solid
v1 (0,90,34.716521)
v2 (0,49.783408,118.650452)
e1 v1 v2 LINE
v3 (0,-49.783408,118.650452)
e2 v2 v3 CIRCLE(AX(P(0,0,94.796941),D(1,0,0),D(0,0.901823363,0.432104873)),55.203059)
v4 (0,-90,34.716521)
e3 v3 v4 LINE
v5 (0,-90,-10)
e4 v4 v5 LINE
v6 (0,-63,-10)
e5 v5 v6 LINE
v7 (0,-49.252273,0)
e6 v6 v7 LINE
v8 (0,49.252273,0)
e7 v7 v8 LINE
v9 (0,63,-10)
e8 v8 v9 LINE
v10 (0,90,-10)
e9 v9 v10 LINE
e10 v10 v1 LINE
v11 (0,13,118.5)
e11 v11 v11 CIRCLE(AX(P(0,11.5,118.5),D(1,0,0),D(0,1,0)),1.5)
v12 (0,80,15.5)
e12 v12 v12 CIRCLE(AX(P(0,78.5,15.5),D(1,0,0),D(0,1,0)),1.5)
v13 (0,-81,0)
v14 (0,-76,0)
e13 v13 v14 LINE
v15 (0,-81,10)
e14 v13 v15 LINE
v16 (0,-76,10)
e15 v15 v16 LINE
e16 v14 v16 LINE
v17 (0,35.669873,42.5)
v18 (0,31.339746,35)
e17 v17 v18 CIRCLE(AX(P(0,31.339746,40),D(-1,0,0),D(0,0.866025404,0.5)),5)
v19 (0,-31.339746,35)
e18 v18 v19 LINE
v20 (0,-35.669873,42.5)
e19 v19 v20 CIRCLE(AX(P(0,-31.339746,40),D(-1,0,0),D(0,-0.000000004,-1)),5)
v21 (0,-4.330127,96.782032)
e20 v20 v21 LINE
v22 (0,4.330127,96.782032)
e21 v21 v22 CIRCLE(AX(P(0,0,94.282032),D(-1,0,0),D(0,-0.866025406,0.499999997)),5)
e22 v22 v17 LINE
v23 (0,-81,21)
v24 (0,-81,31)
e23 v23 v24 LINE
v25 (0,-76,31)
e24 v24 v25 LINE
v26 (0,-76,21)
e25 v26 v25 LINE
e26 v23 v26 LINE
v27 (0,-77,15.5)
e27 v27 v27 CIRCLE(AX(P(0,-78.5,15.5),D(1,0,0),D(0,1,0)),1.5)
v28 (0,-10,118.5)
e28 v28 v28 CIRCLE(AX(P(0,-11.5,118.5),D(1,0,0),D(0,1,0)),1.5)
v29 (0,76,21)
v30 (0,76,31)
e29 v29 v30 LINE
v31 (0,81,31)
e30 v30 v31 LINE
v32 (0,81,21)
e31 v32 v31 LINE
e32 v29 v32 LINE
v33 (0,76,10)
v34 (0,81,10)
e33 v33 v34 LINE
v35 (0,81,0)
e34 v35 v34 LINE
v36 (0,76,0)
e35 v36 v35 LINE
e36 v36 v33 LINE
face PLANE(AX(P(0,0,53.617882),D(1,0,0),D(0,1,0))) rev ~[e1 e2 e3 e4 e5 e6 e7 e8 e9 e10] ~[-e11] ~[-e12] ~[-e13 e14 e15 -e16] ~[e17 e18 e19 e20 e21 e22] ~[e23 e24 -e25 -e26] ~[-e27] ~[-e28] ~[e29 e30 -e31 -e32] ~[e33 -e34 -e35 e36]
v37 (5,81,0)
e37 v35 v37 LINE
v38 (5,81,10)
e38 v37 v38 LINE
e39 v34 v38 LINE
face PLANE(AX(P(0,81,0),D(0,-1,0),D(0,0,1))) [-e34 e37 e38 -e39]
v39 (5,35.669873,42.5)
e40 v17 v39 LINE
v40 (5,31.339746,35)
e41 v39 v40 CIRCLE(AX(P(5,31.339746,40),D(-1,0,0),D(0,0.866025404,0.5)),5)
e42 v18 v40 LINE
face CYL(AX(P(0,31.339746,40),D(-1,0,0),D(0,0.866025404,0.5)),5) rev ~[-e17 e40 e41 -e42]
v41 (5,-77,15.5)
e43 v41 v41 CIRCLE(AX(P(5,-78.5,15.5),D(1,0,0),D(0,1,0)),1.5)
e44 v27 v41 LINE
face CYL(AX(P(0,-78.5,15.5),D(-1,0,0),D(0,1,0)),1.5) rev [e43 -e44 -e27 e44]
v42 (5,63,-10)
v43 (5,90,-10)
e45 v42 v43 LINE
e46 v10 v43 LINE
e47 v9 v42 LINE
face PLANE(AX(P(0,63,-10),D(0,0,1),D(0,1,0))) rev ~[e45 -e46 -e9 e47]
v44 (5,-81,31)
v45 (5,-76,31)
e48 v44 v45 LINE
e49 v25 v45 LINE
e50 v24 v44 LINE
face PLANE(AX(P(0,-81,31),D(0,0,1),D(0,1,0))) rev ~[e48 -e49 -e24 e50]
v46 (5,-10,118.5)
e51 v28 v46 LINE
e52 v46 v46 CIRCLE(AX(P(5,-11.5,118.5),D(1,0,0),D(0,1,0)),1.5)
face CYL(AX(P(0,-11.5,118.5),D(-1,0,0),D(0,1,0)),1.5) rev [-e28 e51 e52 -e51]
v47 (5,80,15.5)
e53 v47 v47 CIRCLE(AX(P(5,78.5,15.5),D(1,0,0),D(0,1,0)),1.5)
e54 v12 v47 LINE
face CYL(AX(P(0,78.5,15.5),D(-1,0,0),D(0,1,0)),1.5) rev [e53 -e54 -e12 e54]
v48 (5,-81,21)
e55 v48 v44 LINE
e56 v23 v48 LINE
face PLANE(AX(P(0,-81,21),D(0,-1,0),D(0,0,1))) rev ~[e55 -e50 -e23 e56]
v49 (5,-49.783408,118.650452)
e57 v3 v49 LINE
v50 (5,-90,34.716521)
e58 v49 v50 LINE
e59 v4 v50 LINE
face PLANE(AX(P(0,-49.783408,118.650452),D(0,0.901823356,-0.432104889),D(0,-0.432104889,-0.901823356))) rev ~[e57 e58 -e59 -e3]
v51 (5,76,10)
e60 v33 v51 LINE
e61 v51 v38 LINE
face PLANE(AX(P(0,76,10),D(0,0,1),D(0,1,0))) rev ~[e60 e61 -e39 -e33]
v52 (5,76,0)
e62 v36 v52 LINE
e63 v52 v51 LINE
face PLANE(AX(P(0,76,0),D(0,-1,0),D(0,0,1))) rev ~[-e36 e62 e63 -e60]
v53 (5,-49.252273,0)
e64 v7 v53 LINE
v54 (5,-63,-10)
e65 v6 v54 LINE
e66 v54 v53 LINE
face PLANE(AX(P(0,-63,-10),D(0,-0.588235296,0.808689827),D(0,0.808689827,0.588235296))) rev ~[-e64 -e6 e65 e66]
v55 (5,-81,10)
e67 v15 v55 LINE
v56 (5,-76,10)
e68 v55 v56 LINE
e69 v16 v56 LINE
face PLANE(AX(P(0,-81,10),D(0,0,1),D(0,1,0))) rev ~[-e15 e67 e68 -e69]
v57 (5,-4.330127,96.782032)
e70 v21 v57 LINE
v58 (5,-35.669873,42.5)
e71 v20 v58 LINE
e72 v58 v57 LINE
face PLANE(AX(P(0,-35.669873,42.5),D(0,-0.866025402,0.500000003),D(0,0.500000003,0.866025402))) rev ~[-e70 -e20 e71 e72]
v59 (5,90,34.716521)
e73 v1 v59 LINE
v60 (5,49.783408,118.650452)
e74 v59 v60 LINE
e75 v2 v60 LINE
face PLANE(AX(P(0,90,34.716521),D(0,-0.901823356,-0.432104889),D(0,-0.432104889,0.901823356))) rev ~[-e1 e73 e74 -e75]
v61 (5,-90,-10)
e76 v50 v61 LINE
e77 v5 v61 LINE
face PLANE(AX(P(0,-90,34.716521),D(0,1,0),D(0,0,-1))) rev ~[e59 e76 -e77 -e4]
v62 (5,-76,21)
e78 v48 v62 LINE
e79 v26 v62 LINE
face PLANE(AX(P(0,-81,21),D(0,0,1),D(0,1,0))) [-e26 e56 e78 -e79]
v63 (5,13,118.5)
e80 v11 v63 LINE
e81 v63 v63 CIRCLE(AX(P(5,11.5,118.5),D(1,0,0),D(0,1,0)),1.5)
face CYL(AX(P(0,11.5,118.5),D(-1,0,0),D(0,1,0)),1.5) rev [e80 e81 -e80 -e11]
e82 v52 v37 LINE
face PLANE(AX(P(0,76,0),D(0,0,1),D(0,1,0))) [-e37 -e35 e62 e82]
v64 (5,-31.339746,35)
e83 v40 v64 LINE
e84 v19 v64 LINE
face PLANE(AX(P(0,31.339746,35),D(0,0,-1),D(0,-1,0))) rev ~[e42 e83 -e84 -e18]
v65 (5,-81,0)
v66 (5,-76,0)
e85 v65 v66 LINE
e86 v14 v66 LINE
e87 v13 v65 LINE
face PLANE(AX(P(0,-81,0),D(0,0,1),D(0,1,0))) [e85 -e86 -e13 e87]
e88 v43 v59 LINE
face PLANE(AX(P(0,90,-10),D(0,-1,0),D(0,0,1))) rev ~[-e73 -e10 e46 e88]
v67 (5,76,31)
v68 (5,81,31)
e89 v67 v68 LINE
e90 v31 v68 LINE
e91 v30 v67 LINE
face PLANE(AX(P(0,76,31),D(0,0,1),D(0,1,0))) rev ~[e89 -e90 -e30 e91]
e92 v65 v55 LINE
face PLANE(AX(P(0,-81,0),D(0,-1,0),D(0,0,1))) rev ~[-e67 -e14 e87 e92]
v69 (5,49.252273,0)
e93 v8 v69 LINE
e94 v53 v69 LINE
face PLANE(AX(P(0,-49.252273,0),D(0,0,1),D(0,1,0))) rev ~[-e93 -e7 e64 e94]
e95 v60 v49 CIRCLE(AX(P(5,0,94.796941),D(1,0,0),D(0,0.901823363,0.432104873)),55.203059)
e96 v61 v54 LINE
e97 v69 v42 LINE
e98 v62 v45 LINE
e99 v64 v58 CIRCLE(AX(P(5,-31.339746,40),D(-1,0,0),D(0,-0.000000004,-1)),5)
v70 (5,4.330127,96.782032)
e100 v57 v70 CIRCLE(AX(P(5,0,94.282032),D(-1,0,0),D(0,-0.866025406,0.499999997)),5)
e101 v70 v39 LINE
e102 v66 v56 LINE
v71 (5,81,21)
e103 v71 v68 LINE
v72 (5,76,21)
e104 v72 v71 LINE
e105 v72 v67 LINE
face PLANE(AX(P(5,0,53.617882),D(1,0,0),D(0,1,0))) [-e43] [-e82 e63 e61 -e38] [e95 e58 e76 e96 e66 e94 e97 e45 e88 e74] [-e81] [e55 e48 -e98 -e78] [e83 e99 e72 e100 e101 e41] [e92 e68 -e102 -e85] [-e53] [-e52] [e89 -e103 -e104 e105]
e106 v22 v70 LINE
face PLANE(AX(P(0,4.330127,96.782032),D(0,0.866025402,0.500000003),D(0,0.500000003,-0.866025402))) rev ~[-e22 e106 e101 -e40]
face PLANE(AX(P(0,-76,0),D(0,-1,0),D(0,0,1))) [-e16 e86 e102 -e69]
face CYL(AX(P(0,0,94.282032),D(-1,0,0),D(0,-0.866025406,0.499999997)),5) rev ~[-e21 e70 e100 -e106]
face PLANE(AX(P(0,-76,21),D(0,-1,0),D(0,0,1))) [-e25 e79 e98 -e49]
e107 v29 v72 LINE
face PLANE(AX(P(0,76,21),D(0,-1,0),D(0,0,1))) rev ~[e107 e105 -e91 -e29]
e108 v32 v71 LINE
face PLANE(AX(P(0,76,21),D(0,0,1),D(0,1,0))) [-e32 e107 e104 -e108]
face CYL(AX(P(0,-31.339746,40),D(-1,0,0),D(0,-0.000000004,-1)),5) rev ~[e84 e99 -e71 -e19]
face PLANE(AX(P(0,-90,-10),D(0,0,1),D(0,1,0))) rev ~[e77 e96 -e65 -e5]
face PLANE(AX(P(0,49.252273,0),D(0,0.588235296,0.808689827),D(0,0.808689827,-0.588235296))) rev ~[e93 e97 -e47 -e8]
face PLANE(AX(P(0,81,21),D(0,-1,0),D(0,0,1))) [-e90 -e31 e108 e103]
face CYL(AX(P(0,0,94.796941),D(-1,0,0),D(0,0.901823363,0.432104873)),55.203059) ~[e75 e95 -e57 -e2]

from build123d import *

# Parameters (mm, degrees)
F0_W     = 5
F0_H     = 10
F0_R     = 1.5
F1_DEPTH = 5


with BuildPart() as f1:
    # F0 (on Right) → F1 (new body)
    with BuildSketch(Plane.YZ):
        with BuildLine():
            Line((-49.252273, 0), (0, 0))
            Line((0, 0), (49.252273, 0))
            Line((49.252273, 0), (63, -10))
            Line((63, -10), (90, -10))
            Line((90, -10), (90, 34.716521))
            Line((90, 34.716521), (49.783408, 118.650452))
            ThreePointArc((49.783408, 118.650452), (0, 150), (-49.783408, 118.650452))
            Line((-49.783408, 118.650452), (-90, 34.716521))
            Line((-90, 34.716521), (-90, -10))
            Line((-90, -10), (-63, -10))
            Line((-63, -10), (-49.252273, 0))
        make_face()
        with Locations((-78.5, 5)):
            Rectangle(F0_W, F0_H, mode=Mode.SUBTRACT)
        with Locations((-78.5, 15.5)):
            Circle(F0_R, mode=Mode.SUBTRACT)
        with Locations((-78.5, 26)):
            Rectangle(F0_W, F0_H, mode=Mode.SUBTRACT)
        with Locations((78.5, 5)):
            Rectangle(F0_W, F0_H, mode=Mode.SUBTRACT)
        with Locations((78.5, 15.5)):
            Circle(F0_R, mode=Mode.SUBTRACT)
        with Locations((78.5, 26)):
            Rectangle(F0_W, F0_H, mode=Mode.SUBTRACT)
        with BuildLine():
            Line((-35.669873, 42.5), (-4.330127, 96.782032))
            ThreePointArc((-4.330127, 96.782032), (0, 99.282032), (4.330127, 96.782032))
            Line((4.330127, 96.782032), (35.669873, 42.5))
            ThreePointArc((35.669873, 42.5), (35.669873, 37.5), (31.339746, 35))
            Line((31.339746, 35), (-31.339746, 35))
            ThreePointArc((-31.339746, 35), (-35.669873, 37.5), (-35.669873, 42.5))
        make_face(mode=Mode.SUBTRACT)
        with Locations((-11.5, 118.5)):
            Circle(F0_R, mode=Mode.SUBTRACT)
        with Locations((11.5, 118.5)):
            Circle(F0_R, mode=Mode.SUBTRACT)
    extrude(amount=F1_DEPTH)


solid = f1.part
